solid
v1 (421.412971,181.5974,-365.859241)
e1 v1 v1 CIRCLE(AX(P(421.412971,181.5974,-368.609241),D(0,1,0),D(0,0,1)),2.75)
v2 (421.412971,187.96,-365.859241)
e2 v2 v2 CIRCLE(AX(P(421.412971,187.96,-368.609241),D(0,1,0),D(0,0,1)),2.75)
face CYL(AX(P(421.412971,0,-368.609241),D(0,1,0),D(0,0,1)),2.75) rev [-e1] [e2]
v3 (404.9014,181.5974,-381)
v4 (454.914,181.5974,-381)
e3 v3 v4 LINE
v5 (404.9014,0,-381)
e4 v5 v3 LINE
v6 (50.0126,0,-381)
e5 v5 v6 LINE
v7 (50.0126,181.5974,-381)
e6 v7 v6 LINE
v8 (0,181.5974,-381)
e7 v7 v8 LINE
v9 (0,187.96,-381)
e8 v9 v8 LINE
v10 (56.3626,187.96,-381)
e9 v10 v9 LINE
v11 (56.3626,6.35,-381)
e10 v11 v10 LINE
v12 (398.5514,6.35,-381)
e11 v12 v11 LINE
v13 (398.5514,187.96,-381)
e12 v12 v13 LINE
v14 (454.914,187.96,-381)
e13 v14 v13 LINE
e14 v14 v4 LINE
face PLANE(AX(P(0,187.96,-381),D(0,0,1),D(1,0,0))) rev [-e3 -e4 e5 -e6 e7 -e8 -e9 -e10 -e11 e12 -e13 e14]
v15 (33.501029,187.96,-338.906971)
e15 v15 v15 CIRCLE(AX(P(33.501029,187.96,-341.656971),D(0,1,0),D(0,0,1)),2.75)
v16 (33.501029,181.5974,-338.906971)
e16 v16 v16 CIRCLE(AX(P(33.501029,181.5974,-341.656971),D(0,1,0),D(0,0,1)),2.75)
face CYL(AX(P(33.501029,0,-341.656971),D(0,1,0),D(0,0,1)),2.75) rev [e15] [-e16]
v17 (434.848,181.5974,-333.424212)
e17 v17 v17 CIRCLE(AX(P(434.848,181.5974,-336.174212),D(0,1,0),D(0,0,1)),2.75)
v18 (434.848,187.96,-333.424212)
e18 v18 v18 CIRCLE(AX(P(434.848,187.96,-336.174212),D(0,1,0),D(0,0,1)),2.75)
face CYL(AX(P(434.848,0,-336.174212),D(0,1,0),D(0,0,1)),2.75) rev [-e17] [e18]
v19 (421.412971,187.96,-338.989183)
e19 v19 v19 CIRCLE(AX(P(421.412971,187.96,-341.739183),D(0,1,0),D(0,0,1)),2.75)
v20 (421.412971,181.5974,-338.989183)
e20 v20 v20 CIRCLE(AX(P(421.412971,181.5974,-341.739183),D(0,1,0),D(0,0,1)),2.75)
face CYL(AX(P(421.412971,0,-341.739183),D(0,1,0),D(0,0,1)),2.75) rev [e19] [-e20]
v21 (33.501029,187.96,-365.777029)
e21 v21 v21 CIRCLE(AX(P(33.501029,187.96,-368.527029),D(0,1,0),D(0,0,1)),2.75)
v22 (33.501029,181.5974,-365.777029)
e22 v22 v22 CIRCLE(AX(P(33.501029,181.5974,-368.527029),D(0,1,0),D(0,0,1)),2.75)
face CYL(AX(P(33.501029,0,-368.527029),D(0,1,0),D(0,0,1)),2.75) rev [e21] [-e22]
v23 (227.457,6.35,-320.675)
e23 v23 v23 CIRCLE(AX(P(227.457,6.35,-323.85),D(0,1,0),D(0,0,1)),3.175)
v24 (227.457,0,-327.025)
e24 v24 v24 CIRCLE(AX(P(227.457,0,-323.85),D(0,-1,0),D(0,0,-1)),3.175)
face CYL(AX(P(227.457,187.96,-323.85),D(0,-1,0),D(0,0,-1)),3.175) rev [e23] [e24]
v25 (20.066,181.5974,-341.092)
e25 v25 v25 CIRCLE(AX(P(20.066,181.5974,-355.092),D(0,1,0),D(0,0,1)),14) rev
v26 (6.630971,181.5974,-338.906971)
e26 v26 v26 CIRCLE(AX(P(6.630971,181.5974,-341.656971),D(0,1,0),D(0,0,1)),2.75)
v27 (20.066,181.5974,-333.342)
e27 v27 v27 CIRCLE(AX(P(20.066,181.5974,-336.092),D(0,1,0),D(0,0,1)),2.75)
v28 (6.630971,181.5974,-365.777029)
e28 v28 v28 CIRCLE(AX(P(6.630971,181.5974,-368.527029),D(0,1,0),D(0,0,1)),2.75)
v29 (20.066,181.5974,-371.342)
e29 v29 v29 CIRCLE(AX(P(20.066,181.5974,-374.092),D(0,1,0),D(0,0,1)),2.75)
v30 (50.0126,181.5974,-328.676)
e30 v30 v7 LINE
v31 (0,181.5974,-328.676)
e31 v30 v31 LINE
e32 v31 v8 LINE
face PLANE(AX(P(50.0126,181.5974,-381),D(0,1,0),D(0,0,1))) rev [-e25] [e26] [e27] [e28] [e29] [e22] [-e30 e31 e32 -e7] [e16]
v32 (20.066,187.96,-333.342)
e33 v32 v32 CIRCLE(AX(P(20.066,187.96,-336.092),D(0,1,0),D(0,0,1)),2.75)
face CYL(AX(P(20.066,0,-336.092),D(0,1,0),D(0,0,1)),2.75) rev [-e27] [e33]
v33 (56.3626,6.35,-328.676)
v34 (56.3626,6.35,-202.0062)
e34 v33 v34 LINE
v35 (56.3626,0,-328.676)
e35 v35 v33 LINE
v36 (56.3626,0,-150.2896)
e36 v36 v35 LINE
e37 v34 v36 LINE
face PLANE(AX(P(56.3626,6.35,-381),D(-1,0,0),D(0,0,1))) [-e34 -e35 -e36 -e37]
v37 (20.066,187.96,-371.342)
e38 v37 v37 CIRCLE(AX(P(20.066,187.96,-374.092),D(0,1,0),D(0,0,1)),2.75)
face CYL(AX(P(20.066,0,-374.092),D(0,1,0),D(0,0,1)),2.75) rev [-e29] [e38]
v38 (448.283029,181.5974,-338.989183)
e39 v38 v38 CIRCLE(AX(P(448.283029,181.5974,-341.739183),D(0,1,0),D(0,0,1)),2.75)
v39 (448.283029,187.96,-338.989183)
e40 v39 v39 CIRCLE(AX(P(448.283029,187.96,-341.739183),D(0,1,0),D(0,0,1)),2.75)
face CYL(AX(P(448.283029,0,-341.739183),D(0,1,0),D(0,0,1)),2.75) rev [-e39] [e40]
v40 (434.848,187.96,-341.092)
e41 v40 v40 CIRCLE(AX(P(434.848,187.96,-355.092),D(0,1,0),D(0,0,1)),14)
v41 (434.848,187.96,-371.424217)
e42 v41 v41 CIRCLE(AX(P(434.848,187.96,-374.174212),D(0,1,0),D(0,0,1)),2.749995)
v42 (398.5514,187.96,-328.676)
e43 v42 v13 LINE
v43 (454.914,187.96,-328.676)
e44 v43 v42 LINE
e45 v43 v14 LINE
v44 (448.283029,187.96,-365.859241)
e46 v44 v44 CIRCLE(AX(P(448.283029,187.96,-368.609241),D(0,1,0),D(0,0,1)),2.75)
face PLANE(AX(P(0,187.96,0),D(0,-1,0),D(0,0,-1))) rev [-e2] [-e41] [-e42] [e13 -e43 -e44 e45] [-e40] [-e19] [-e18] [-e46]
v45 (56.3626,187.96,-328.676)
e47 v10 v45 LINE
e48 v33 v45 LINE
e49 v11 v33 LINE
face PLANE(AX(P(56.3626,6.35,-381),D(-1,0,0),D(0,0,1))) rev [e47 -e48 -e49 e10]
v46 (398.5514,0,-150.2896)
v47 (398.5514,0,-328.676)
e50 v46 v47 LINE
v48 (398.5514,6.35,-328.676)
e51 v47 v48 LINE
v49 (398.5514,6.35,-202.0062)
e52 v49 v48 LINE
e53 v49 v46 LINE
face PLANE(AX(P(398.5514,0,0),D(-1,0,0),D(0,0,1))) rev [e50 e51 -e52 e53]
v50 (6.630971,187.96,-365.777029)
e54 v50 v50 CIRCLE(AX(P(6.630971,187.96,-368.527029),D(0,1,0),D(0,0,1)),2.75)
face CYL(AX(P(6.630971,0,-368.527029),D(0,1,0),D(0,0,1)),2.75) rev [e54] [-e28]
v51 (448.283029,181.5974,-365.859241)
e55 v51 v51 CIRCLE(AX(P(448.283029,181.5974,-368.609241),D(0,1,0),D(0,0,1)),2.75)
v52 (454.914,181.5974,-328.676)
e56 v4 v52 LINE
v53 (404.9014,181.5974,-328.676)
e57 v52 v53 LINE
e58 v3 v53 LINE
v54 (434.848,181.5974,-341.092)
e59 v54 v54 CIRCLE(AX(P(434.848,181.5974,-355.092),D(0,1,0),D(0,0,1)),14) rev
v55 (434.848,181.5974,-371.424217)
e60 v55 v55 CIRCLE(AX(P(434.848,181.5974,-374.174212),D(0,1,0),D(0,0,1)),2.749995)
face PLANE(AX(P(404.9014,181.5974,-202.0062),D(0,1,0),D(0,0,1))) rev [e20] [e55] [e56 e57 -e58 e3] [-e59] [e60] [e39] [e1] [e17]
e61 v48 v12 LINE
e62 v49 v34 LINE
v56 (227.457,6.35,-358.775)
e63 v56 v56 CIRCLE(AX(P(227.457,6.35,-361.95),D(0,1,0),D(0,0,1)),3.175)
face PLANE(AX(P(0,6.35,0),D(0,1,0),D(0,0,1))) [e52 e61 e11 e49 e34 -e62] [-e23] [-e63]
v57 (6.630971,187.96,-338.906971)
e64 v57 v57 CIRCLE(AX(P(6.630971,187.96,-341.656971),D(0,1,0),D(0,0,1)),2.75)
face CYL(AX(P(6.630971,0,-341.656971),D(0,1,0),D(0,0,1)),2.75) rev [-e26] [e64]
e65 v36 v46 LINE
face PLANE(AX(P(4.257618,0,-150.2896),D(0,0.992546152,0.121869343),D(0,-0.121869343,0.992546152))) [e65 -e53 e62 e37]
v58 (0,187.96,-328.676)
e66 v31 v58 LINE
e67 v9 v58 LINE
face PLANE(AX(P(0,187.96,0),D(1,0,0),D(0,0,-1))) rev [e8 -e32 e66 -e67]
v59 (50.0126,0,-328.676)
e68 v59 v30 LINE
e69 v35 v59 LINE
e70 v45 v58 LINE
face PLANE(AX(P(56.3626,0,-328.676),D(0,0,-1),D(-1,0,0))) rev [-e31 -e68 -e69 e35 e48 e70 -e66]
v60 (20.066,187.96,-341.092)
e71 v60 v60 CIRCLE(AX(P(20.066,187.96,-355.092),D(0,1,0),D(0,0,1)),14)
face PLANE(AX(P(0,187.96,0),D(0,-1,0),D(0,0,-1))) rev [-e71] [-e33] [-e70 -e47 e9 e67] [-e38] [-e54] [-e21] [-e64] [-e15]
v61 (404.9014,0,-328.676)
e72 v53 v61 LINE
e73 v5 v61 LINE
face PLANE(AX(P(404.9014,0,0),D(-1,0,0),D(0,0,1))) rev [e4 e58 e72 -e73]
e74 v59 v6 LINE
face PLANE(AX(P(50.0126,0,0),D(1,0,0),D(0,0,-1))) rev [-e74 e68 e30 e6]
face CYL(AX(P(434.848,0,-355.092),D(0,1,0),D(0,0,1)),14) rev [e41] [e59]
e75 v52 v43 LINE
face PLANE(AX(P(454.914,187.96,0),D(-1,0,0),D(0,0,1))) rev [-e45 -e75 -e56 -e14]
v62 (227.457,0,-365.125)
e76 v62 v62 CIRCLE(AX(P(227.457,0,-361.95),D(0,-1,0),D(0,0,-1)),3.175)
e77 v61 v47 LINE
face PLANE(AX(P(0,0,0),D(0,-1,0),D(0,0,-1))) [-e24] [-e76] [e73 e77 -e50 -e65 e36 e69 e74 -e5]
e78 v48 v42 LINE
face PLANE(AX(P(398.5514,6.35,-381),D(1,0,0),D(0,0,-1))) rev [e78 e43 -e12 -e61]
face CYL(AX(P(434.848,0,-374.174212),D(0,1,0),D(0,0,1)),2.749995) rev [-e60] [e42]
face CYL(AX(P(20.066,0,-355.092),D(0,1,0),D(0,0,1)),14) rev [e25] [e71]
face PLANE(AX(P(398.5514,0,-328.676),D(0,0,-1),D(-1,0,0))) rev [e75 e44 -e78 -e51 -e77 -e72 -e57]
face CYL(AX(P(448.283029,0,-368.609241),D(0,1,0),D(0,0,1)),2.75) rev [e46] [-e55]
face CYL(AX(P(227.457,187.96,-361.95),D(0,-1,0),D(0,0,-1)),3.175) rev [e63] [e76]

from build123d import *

# Parameters (mm, degrees)
SKETCH1_W           = 454.914
SKETCH1_H           = 381
BOSS_EXTRUDE1_DEPTH = 187.96
SKETCH3_W           = 50.0126
SKETCH3_H           = 202.0062
CUT_EXTRUDE1_DEPTH  = 623.444141266
SKETCH4_R           = 14
CUT_EXTRUDE2_DEPTH  = 623.444141266
SKETCH5_W           = 342.1888
SKETCH5_H           = 381
CUT_EXTRUDE3_DEPTH  = 181.61
SKETCH6_W           = 178.9938
SKETCH6_H           = 181.597400076
CUT_EXTRUDE4_DEPTH  = 50.0126
SKETCH7_W           = 178.9938
SKETCH7_H           = 181.597400076
CUT_EXTRUDE5_DEPTH  = 50.0126
SKETCH10_W          = 202.0062
SKETCH10_H          = 187.96
CUT_EXTRUDE6_DEPTH  = 587.885938937
SKETCH11_R          = 2.7499945
SKETCH11_R_2        = 2.75
CUT_EXTRUDE7_DEPTH  = 623.444141266
SKETCH12_R          = 2.75
CUT_EXTRUDE8_DEPTH  = 623.444141266
BOSS_EXTRUDE2_DEPTH = 342.1888
SKETCH15_W          = 56.3626
SKETCH15_H          = 126.6698
CUT_EXTRUDE9_DEPTH  = 623.444141266
SKETCH16_R          = 3.175
CUT_EXTRUDE10_DEPTH = 623.444141266


with BuildPart() as part:
    # Sketch1 → Boss-Extrude1 (new body)
    with BuildSketch(Plane(origin=(0, 0, 0), x_dir=(1, 0, 0), z_dir=(0, 1, 0))):
        with Locations((227.457, 190.5)):
            Rectangle(SKETCH1_W, SKETCH1_H)
    extrude(amount=BOSS_EXTRUDE1_DEPTH)

    # Sketch3 → Cut-Extrude1 (cut, through all)
    with BuildSketch(Plane(origin=(0, 187.96, 0), x_dir=(1, 0, 0), z_dir=(0, 1, 0))):
        with Locations((429.9077, 101.0031)):
            Rectangle(SKETCH3_W, SKETCH3_H)
        with Locations((25.0063, 101.0031)):
            Rectangle(SKETCH3_W, SKETCH3_H)
    extrude(amount=-CUT_EXTRUDE1_DEPTH, mode=Mode.SUBTRACT)

    # Sketch4 → Cut-Extrude2 (cut, through all)
    with BuildSketch(Plane(origin=(0, 187.96, 0), x_dir=(1, 0, 0), z_dir=(0, 1, 0))):
        with Locations(Location((20.066, 355.092, 0), (0, 0, 270))):
            Circle(SKETCH4_R)
        with Locations(Location((434.848, 355.092, 0), (0, 0, 270))):
            Circle(SKETCH4_R)
    extrude(amount=-CUT_EXTRUDE2_DEPTH, mode=Mode.SUBTRACT)

    # Sketch5 → Cut-Extrude3 (cut)
    with BuildSketch(Plane(origin=(0, 187.96, 0), x_dir=(1, 0, 0), z_dir=(0, 1, 0))):
        with Locations((227.457, 190.5)):
            Rectangle(SKETCH5_W, SKETCH5_H)
    extrude(amount=-CUT_EXTRUDE3_DEPTH, mode=Mode.SUBTRACT)

    # Sketch6 → Cut-Extrude4 (cut)
    with BuildSketch(Plane(origin=(454.914, 0, 0), x_dir=(0, 0, -1), z_dir=(1, 0, 0))):
        with Locations((291.5031, 90.798700038)):
            Rectangle(SKETCH6_W, SKETCH6_H)
    extrude(amount=-CUT_EXTRUDE4_DEPTH, mode=Mode.SUBTRACT)

    # Sketch7 → Cut-Extrude5 (cut)
    with BuildSketch(Plane.ZY):
        with Locations((-291.5031, 90.798700038)):
            Rectangle(SKETCH7_W, SKETCH7_H)
    extrude(amount=-CUT_EXTRUDE5_DEPTH, mode=Mode.SUBTRACT)

    # Sketch10 → Cut-Extrude6 (cut, through all)
    with BuildSketch(Plane(origin=(404.9014, 0, 0), x_dir=(0, 0, -1), z_dir=(1, 0, 0))):
        with Locations((101.0031, 93.98)):
            Rectangle(SKETCH10_W, SKETCH10_H)
    extrude(amount=-CUT_EXTRUDE6_DEPTH, mode=Mode.SUBTRACT)

    # Sketch11 → Cut-Extrude7 (cut, through all)
    with BuildSketch(Plane(origin=(0, 187.96, 0), x_dir=(1, 0, 0), z_dir=(0, 1, 0))):
        with Locations(Location((434.848, 374.174211985, 0), (0, 0, 270))):
            Circle(SKETCH11_R)
        with Locations(Location((448.283028843, 368.609240827, 0), (0, 0, 270))):
            Circle(SKETCH11_R_2)
        with Locations(Location((421.412971157, 368.609240827, 0), (0, 0, 270))):
            Circle(SKETCH11_R_2)
        with Locations(Location((448.283028843, 341.739183142, 0), (0, 0, 270))):
            Circle(SKETCH11_R_2)
        with Locations(Location((434.848, 336.174211985, 0), (0, 0, 270))):
            Circle(SKETCH11_R_2)
        with Locations(Location((421.412971157, 341.739183142, 0), (0, 0, 270))):
            Circle(SKETCH11_R_2)
    extrude(amount=-CUT_EXTRUDE7_DEPTH, mode=Mode.SUBTRACT)

    # Sketch12 → Cut-Extrude8 (cut, through all)
    with BuildSketch(Plane(origin=(0, 187.96, 0), x_dir=(1, 0, 0), z_dir=(0, 1, 0))):
        with Locations(Location((20.066, 374.092, 0), (0, 0, 270))):
            Circle(SKETCH12_R)
        with Locations(Location((6.630971157, 368.527028843, 0), (0, 0, 270))):
            Circle(SKETCH12_R)
        with Locations(Location((33.501028843, 368.527028843, 0), (0, 0, 270))):
            Circle(SKETCH12_R)
        with Locations(Location((33.501028843, 341.656971157, 0), (0, 0, 270))):
            Circle(SKETCH12_R)
        with Locations(Location((20.066, 336.092, 0), (0, 0, 270))):
            Circle(SKETCH12_R)
        with Locations(Location((6.630971157, 341.656971157, 0), (0, 0, 270))):
            Circle(SKETCH12_R)
    extrude(amount=-CUT_EXTRUDE8_DEPTH, mode=Mode.SUBTRACT)

    # Sketch13 → Boss-Extrude2 (add)
    with BuildSketch(Plane(origin=(398.5514, 0, 0), x_dir=(0, 0, -1), z_dir=(1, 0, 0))):
        Polygon((202.0062, 0), (150.289600182, 0), (202.0062, 6.35), align=None)
    extrude(amount=-BOSS_EXTRUDE2_DEPTH)

    # Sketch15 → Cut-Extrude9 (cut, through all)
    with BuildSketch(Plane(origin=(0, 187.96, 0), x_dir=(1, 0, 0), z_dir=(0, 1, 0))):
        with Locations((426.7327, 265.3411)):
            Rectangle(SKETCH15_W, SKETCH15_H)
        with Locations((28.1813, 265.3411)):
            Rectangle(SKETCH15_W, SKETCH15_H)
    extrude(amount=-CUT_EXTRUDE9_DEPTH, mode=Mode.SUBTRACT)

    # Sketch16 → Cut-Extrude10 (cut, through all)
    with BuildSketch(Plane.XZ):
        with Locations(Location((227.457, -361.95, 0), (0, 0, 270))):
            Circle(SKETCH16_R)
        with Locations(Location((227.457, -323.85, 0), (0, 0, 270))):
            Circle(SKETCH16_R)
    extrude(amount=-CUT_EXTRUDE10_DEPTH, mode=Mode.SUBTRACT)


solid = part.part
